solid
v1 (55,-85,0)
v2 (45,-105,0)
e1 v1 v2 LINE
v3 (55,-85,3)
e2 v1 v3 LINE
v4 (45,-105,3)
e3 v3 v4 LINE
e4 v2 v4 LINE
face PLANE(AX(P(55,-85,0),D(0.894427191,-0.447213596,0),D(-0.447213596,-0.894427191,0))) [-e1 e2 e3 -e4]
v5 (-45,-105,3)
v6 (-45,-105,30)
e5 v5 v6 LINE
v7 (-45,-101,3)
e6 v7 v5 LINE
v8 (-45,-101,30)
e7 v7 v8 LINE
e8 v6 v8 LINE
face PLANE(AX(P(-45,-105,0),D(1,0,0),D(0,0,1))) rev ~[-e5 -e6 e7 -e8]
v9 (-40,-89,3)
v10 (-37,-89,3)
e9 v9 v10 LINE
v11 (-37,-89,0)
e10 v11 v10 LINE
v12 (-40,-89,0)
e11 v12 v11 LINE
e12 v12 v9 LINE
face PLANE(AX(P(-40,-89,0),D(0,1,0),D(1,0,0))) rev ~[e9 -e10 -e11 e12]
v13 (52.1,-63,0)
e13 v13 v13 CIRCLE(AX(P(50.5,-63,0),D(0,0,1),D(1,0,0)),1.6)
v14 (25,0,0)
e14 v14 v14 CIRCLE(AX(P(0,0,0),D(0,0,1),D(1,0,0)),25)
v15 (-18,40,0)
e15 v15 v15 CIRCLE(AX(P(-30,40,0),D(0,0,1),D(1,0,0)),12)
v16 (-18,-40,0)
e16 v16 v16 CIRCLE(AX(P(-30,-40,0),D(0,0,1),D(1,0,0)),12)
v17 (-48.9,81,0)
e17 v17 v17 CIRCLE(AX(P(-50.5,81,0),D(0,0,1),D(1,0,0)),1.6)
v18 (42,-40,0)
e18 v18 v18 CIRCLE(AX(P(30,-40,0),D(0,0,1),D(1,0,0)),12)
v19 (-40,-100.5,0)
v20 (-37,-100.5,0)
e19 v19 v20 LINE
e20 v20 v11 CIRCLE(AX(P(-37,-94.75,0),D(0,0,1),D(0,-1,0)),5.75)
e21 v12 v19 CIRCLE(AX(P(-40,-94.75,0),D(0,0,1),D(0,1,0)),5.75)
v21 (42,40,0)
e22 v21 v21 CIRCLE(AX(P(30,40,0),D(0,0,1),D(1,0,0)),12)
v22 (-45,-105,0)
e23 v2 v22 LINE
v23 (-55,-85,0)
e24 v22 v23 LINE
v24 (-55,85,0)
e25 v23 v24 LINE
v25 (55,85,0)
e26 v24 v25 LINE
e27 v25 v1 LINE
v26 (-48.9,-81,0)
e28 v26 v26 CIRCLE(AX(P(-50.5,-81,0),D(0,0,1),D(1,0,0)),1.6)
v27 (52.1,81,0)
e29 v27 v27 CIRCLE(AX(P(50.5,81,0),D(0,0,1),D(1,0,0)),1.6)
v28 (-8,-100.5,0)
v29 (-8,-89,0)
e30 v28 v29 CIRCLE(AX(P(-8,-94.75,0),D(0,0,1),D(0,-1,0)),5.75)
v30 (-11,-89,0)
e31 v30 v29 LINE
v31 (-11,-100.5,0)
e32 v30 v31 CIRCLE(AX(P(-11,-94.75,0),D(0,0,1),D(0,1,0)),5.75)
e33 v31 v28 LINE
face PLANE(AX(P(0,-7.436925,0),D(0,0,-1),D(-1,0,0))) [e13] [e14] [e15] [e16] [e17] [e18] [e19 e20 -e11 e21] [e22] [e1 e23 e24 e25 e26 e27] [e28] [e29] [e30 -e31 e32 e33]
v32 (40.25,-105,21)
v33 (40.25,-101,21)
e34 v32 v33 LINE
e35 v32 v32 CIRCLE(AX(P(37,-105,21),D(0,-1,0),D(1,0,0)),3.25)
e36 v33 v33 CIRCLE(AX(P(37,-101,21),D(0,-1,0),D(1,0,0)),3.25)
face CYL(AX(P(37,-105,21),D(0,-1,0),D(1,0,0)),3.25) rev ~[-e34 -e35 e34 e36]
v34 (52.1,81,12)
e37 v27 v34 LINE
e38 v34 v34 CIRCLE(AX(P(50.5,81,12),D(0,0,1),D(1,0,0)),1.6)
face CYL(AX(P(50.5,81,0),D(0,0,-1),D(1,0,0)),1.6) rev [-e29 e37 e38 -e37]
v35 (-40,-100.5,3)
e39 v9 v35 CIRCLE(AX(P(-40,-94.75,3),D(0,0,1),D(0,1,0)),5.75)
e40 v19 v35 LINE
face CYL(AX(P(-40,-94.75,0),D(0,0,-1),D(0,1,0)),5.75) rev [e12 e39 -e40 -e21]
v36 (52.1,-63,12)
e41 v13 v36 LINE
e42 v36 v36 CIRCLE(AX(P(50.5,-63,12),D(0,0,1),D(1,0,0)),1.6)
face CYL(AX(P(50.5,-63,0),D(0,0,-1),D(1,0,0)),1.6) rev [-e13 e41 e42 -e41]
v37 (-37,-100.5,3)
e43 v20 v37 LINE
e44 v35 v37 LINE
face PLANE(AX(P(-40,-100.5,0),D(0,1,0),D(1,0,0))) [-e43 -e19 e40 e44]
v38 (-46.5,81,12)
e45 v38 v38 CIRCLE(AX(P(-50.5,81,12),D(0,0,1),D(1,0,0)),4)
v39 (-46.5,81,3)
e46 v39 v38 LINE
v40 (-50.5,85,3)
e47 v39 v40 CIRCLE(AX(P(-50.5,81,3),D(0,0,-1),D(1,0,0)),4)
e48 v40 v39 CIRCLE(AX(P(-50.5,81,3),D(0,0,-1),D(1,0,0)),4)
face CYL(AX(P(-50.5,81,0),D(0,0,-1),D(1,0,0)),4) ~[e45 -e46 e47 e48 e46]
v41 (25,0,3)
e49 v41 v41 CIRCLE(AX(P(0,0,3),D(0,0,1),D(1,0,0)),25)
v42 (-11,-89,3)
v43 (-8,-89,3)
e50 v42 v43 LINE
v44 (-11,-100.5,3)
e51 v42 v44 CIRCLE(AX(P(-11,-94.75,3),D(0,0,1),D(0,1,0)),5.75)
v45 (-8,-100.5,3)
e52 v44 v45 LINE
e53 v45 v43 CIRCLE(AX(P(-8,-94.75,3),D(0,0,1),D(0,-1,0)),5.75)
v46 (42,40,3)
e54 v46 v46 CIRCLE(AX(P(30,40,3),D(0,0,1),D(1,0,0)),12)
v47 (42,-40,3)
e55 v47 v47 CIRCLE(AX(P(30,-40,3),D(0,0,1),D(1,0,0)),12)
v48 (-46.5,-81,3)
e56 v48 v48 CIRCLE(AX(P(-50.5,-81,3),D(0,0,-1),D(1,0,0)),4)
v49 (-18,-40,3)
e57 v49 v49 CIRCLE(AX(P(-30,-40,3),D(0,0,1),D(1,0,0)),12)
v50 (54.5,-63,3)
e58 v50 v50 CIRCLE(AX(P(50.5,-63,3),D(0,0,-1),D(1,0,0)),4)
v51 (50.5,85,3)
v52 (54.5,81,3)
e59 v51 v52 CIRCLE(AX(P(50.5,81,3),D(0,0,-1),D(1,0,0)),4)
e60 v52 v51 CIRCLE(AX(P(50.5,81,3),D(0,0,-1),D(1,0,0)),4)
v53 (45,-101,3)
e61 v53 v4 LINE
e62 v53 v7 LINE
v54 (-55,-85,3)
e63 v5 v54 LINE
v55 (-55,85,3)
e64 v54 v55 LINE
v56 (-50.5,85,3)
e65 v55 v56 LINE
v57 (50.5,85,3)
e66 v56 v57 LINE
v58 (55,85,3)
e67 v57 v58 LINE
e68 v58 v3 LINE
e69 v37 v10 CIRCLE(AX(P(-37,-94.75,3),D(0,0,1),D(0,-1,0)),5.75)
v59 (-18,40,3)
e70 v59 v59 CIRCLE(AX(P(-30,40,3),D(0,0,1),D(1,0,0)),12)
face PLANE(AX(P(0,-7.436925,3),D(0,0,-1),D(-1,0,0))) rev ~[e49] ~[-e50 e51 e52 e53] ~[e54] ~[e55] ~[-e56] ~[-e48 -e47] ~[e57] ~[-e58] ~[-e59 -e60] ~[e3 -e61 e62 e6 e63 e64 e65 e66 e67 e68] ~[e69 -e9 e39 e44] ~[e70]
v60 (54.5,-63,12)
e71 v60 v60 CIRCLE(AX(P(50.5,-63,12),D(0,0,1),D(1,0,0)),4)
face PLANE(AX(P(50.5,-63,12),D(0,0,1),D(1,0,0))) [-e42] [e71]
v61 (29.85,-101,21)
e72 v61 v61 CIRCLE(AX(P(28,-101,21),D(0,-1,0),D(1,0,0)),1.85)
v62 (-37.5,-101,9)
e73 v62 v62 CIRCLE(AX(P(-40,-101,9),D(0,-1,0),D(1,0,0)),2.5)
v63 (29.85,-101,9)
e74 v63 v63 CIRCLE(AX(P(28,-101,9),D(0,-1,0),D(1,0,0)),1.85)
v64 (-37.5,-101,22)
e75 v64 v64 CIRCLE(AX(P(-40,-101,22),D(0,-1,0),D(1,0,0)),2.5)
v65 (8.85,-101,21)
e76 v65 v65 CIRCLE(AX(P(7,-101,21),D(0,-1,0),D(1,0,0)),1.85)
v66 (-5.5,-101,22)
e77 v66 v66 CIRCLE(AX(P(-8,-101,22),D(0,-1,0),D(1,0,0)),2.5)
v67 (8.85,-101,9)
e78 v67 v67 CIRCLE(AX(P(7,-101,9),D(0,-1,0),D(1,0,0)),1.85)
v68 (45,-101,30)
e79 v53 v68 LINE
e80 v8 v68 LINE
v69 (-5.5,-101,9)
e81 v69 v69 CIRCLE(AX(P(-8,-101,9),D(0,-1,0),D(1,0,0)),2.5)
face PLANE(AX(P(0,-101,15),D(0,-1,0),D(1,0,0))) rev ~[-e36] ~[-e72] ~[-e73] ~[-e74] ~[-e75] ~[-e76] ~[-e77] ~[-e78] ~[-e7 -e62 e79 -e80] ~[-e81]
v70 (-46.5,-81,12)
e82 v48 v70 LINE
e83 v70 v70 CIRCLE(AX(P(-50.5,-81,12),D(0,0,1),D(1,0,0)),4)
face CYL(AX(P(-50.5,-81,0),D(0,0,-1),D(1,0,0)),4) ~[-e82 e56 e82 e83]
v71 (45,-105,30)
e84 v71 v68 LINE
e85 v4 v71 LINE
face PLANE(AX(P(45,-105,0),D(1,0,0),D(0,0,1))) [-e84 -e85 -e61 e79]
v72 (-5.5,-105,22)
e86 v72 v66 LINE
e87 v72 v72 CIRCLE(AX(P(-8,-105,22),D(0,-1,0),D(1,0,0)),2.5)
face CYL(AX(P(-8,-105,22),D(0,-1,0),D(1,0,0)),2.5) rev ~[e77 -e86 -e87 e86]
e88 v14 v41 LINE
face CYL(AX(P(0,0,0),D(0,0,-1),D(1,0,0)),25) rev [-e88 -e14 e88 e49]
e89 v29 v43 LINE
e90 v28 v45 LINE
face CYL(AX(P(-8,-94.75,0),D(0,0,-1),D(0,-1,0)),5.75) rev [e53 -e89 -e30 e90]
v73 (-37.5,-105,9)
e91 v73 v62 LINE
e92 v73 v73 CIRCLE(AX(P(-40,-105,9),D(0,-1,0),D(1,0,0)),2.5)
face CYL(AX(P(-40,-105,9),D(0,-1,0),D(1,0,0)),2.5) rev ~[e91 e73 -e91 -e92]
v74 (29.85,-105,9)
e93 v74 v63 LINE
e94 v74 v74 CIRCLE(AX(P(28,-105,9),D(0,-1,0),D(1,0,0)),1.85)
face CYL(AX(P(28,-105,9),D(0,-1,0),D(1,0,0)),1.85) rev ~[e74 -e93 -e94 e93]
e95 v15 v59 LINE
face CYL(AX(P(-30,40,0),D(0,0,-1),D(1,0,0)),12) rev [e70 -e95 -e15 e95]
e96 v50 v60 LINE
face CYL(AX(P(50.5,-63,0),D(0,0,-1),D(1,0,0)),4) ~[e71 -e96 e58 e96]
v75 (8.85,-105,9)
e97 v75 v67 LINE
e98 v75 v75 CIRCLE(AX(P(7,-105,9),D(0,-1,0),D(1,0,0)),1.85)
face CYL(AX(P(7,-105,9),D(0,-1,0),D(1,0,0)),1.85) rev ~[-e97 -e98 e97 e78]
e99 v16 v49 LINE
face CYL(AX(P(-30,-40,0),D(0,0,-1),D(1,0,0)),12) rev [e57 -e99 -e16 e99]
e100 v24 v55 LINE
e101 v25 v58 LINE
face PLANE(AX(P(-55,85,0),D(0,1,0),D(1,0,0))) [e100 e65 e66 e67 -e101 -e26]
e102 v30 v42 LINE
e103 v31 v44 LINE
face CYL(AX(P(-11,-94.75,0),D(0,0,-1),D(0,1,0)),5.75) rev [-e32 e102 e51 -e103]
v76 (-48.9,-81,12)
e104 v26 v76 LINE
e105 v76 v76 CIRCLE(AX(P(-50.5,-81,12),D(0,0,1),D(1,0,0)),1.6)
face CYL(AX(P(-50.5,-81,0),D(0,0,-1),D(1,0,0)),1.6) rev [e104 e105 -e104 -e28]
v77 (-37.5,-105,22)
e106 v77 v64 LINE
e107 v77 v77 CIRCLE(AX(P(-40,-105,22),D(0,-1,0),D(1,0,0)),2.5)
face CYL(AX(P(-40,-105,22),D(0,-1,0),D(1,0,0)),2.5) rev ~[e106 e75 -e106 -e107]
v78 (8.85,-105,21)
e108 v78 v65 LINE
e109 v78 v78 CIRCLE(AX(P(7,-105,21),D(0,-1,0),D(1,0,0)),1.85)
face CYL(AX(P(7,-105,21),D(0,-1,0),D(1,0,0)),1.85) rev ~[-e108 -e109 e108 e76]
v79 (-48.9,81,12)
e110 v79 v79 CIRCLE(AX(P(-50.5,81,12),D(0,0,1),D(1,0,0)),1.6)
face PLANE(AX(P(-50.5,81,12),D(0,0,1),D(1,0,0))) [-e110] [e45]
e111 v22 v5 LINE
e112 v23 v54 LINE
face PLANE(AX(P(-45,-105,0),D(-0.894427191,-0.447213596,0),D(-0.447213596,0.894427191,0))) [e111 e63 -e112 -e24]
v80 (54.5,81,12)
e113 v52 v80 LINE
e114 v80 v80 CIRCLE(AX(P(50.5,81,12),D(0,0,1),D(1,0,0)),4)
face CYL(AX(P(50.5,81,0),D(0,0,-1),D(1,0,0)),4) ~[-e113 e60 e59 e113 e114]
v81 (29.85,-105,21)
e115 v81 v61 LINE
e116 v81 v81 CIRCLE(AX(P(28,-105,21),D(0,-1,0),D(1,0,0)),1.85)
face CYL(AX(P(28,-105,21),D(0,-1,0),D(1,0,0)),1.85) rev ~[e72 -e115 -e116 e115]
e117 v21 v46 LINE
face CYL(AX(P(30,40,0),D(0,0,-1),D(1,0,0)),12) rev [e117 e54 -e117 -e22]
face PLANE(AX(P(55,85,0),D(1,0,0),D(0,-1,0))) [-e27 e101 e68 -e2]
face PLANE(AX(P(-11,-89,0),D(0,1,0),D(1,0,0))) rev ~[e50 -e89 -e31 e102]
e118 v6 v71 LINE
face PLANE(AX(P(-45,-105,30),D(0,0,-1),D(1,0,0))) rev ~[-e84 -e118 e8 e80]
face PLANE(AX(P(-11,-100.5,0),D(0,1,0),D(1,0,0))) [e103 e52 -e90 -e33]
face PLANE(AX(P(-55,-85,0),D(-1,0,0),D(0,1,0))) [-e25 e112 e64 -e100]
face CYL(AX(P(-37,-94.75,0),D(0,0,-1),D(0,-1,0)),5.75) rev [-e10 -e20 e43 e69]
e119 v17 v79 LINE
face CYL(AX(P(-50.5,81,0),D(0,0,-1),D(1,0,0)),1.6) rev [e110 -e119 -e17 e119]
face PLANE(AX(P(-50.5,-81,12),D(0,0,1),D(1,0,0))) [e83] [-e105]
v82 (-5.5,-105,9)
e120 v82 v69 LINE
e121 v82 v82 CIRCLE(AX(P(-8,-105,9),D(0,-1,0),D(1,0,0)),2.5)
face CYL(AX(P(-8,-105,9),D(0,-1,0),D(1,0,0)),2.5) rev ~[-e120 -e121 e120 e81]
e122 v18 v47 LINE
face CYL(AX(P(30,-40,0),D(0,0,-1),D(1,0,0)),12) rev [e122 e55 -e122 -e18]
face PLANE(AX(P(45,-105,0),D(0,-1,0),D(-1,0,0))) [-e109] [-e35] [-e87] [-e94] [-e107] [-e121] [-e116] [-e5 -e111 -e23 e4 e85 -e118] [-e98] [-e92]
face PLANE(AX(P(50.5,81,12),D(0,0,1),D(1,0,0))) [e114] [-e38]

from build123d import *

# Parameters (mm, degrees)
SKETCH001_R                          = 4
SKETCH001_R_2                        = 1.6
EXTRUDE001_DEPTH                     = 12
SKETCH002_AS_DRAWN_W                 = 90
SKETCH002_AS_DRAWN_H                 = 30
SKETCH002_AS_DRAWN_R                 = 2.5
SKETCH002_AS_DRAWN_R_2               = 1.85
SKETCH002_AS_DRAWN_R_3               = 3.25
EXTRUDE002_DEPTH                     = 4
EXTRUDE002_ONTO_SKETCH002_ROLL_ANGLE = 90
SKETCH_R                             = 1.9
SKETCH_R_2                           = 12
SKETCH_R_3                           = 25
EXTRUDE_DEPTH                        = 3


with BuildPart() as extrude001:
    # Sketch001 → Extrude001 (new body)
    with BuildSketch(Plane.XY):
        with Locations((-50.5, -81)):
            Circle(SKETCH001_R)
        with Locations((-50.5, -81)):
            Circle(SKETCH001_R_2, mode=Mode.SUBTRACT)
        with Locations((50.5, -63)):
            Circle(SKETCH001_R)
        with Locations((50.5, -63)):
            Circle(SKETCH001_R_2, mode=Mode.SUBTRACT)
        with Locations((-50.5, 81)):
            Circle(SKETCH001_R)
        with Locations((-50.5, 81)):
            Circle(SKETCH001_R_2, mode=Mode.SUBTRACT)
        with Locations((50.5, 81)):
            Circle(SKETCH001_R)
        with Locations((50.5, 81)):
            Circle(SKETCH001_R_2, mode=Mode.SUBTRACT)
    extrude(amount=EXTRUDE001_DEPTH)


with BuildPart() as extrude002:
    # Sketch002 as drawn → Extrude002 (new)
    with BuildSketch(Plane.XY):
        with Locations((0, 15)):
            Rectangle(SKETCH002_AS_DRAWN_W, SKETCH002_AS_DRAWN_H)
        with Locations((-40, 9)):
            Circle(SKETCH002_AS_DRAWN_R, mode=Mode.SUBTRACT)
        with Locations((-40, 22)):
            Circle(SKETCH002_AS_DRAWN_R, mode=Mode.SUBTRACT)
        with Locations((-8, 22)):
            Circle(SKETCH002_AS_DRAWN_R, mode=Mode.SUBTRACT)
        with Locations((-8, 9)):
            Circle(SKETCH002_AS_DRAWN_R, mode=Mode.SUBTRACT)
        with Locations((7, 21)):
            Circle(SKETCH002_AS_DRAWN_R_2, mode=Mode.SUBTRACT)
        with Locations((28, 21)):
            Circle(SKETCH002_AS_DRAWN_R_2, mode=Mode.SUBTRACT)
        with Locations((7, 9)):
            Circle(SKETCH002_AS_DRAWN_R_2, mode=Mode.SUBTRACT)
        with Locations((28, 9)):
            Circle(SKETCH002_AS_DRAWN_R_2, mode=Mode.SUBTRACT)
        with Locations((37, 21)):
            Circle(SKETCH002_AS_DRAWN_R_3, mode=Mode.SUBTRACT)
    extrude(amount=-EXTRUDE002_DEPTH)


with BuildPart() as extrude002_1:
    # Extrude002 onto Sketch002 roll: moved
    add(extrude002.part.rotate(Axis((0, 0, 0), (1, 0, 0)), EXTRUDE002_ONTO_SKETCH002_ROLL_ANGLE))


with BuildPart() as extrude002_2:
    # Extrude002 onto Sketch002 placement: moved
    add(extrude002_1.part)


with BuildPart() as extrude002_3:
    # Extrude002 placement: moved
    add(extrude002_2.part.moved(Location((0, -105, 0))))


with BuildPart() as fusion:
    # Sketch → Extrude (new body)
    with BuildSketch(Plane.XY):
        Polygon((-55, 85), (55, 85), (55, -85), (45, -105), (-45, -105), (-55, -85), align=None)
        with Locations((-50.5, -81)):
            Circle(SKETCH_R, mode=Mode.SUBTRACT)
        with Locations((50.5, -63)):
            Circle(SKETCH_R, mode=Mode.SUBTRACT)
        with Locations((50.5, 81)):
            Circle(SKETCH_R, mode=Mode.SUBTRACT)
        with Locations((-50.5, 81)):
            Circle(SKETCH_R, mode=Mode.SUBTRACT)
        with Locations((-30, 40)):
            Circle(SKETCH_R_2, mode=Mode.SUBTRACT)
        with Locations((30, 40)):
            Circle(SKETCH_R_2, mode=Mode.SUBTRACT)
        with Locations((30, -40)):
            Circle(SKETCH_R_2, mode=Mode.SUBTRACT)
        with Locations((-30, -40)):
            Circle(SKETCH_R_2, mode=Mode.SUBTRACT)
        Circle(SKETCH_R_3, mode=Mode.SUBTRACT)
        with BuildLine():
            ThreePointArc((-40, -89), (-45.75, -94.75), (-40, -100.5))
            Line((-40, -100.5), (-37, -100.5))
            ThreePointArc((-37, -100.5), (-31.25, -94.75), (-37, -89))
            Line((-40, -89), (-37, -89))
        make_face(mode=Mode.SUBTRACT)
        with BuildLine():
            ThreePointArc((-11, -89), (-16.75, -94.75), (-11, -100.5))
            Line((-11, -100.5), (-8, -100.5))
            ThreePointArc((-8, -100.5), (-2.25, -94.75), (-8, -89))
            Line((-11, -89), (-8, -89))
        make_face(mode=Mode.SUBTRACT)
    extrude(amount=EXTRUDE_DEPTH)

    # Fusion: union Extrude001, Extrude002
    add(extrude001.part)
    add(extrude002_3.part)


solid = fusion.part
